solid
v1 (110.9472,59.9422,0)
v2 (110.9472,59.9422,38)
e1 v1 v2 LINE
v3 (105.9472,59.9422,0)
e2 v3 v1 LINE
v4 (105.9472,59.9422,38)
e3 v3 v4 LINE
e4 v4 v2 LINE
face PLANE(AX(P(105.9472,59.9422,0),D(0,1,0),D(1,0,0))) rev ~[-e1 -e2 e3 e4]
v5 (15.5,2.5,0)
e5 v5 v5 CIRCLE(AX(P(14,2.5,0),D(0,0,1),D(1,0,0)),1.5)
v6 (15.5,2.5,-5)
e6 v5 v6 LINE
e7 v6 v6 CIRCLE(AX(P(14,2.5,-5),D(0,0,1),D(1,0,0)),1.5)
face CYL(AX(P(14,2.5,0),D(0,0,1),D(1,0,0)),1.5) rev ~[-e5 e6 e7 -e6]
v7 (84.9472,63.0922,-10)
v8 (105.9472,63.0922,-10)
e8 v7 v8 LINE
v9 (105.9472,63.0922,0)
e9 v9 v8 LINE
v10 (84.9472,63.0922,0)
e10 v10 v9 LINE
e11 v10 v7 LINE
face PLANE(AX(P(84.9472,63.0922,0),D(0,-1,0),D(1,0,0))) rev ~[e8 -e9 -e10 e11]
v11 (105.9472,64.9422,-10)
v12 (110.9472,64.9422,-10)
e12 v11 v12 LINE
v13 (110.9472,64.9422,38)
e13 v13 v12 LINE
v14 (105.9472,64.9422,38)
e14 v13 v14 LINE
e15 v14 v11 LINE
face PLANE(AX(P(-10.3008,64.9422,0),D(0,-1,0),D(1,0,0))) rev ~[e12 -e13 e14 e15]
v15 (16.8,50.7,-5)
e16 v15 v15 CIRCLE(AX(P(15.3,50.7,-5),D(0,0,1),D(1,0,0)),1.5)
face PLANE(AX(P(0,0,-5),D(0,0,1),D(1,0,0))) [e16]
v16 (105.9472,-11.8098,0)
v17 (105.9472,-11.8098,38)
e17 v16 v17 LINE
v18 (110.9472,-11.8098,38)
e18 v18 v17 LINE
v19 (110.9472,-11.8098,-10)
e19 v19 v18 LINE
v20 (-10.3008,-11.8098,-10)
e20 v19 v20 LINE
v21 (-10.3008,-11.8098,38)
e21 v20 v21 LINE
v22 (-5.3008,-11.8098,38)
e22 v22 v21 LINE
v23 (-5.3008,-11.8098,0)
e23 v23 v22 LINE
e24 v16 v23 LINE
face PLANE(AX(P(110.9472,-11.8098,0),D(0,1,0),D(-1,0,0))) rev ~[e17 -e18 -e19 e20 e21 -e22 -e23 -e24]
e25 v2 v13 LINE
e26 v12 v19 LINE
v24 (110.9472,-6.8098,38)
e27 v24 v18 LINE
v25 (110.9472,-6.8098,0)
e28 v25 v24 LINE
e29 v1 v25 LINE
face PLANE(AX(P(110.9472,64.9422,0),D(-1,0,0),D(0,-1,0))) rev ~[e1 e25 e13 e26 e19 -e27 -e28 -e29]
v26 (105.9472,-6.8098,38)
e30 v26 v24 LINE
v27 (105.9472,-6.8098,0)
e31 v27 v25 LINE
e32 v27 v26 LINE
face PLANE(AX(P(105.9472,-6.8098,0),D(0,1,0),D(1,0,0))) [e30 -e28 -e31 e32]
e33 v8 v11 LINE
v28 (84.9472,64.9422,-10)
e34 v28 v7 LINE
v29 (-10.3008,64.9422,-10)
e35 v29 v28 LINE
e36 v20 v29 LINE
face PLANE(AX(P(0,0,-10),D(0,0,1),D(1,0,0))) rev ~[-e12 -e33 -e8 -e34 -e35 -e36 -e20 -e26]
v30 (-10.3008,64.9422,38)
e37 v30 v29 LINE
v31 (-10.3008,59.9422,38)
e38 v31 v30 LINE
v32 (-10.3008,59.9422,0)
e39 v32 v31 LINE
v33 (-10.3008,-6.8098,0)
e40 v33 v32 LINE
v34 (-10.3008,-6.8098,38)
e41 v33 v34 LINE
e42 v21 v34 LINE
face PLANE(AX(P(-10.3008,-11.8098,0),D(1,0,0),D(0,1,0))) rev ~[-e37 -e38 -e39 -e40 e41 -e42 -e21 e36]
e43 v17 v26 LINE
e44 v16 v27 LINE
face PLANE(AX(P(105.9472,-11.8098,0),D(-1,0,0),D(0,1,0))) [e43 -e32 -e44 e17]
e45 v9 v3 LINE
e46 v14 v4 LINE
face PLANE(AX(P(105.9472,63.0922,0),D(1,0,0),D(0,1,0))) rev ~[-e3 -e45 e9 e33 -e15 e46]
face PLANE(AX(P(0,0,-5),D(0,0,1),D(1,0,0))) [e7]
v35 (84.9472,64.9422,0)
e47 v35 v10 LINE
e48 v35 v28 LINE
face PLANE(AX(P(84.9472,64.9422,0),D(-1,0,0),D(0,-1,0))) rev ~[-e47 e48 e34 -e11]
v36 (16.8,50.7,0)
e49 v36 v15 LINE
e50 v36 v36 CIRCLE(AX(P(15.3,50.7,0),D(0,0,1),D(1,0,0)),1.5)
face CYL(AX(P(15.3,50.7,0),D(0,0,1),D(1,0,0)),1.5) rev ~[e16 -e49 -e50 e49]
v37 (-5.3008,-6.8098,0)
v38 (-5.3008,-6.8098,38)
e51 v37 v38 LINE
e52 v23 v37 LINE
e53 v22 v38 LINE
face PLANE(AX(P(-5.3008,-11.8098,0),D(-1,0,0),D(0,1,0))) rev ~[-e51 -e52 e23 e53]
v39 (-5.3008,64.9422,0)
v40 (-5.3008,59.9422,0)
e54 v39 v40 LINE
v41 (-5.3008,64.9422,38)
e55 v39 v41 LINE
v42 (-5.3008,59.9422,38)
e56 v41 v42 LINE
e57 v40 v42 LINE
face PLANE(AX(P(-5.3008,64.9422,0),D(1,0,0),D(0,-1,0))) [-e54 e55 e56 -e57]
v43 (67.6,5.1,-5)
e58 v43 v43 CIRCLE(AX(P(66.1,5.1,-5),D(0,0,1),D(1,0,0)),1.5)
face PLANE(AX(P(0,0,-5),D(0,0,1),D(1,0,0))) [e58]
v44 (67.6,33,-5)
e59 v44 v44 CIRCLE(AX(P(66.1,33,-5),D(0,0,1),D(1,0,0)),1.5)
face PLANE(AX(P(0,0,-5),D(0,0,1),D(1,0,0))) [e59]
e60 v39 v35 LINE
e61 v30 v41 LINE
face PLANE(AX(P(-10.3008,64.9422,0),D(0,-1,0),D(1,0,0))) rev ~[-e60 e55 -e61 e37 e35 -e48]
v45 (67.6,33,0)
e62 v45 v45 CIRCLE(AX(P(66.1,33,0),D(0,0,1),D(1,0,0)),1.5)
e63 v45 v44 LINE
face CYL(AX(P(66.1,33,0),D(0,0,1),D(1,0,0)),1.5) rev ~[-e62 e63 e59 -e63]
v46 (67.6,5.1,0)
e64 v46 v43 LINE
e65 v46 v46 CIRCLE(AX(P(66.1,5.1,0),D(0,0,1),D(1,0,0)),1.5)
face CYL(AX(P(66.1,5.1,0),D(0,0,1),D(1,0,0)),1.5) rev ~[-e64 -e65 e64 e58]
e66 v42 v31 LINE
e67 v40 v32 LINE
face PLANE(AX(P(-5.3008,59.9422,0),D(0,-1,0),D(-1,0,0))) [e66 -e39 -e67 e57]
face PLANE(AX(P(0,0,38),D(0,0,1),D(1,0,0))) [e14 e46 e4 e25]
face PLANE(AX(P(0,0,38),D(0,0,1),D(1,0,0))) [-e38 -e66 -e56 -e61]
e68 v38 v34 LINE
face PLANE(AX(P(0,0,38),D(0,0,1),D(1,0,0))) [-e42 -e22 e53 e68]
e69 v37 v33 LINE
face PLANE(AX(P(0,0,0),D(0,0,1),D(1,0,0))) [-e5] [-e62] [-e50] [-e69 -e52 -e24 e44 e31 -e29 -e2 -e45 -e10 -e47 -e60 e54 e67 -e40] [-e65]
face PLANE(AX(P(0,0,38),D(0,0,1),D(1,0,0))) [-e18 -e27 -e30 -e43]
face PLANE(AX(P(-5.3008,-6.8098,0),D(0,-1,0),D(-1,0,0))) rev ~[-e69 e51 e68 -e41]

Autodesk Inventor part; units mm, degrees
ref_plane "YZ Plane" through (0, 0, 0) normal (1, 0, 0) x (0, 1, 0)
ref_plane "XZ Plane" through (0, 0, 0) normal (0, 1, 0) x (-1, 0, 0)
ref_plane "XY Plane" through (0, 0, 0) normal (0, 0, 1) x (1, 0, 0)
sketch "Arduino Uno" plane through (0, 0, 0) normal (0, 0, 1) x (1, 0, 0)
  line L0 (0, 0) -> (68.6, 0)
  line L1 (68.6, 0) -> (68.6, 53.3)
  line L2 (68.6, 53.3) -> (0, 53.3)
  line L3 (0, 53.3) -> (0, 0)
  circle A0 centre (15.3, 50.7) radius 1.5
  circle A1 centre (14, 2.5) radius 1.5
  circle A2 centre (66.1, 5.1) radius 1.5
  line L4 (0, 53.3) -> (66.1, 53.3)
  circle A3 centre (66.1, 33) radius 1.5
  dimension "d6" = 68.6
  dimension "d7" = 53.3
  dimension "d34" = 3
  dimension "d36" = 3
  dimension "d38" = 2.5
  dimension "d39" = 3
  dimension "d40" = 14
  dimension "d41" = 1.3
  dimension "d42" = 66.1
  dimension "d43" = 3
  dimension "d44" = 5.1
  dimension "d45" = 27.9
  dimension "d50" = 2.6
  dimension "d51" = 2.5
  dimension "d52" = 2.5
sketch "Sketch2" plane through (0, 0, 0) normal (0, 0, 1) x (1, 0, 0)
  line L0 (-7.6751, -4.0855) -> (1.5398, -4.0855)
  line L1 (-10.3008, -11.8098) -> (-10.3008, 64.9422)
  line L2 (-10.3008, 64.9422) -> (110.9472, 64.9422)
  line L3 (110.9472, 64.9422) -> (110.9472, -11.8098)
  line L4 (110.9472, -11.8098) -> (-10.3008, -11.8098)
  circle A0 centre (15.3, 50.7) radius 1.5 projected
  point P0 (0, 0)
  dimension "d27" = 4.366
  dimension "d28" = 76.752
  dimension "d29" = 121.248
extrude "Back Plate" add sketch "Sketch2" against normal blind 10 contours L1 L2 L3 L4 | A0
extrude "Uno Mounting Holes" cut sketch "Arduino Uno" against normal blind 5 contours A0 | A1 | A2 | A3
sketch "Sketch3" plane through (0, 0, 0) normal (0, 0, 1) x (1, 0, 0)
  line L0 (110.9472, 64.9422) -> (105.9472, 64.9422)
  line L1 (105.9472, 64.9422) -> (105.9472, 59.9422)
  line L2 (105.9472, 59.9422) -> (110.9472, 59.9422)
  line L3 (110.9472, 59.9422) -> (110.9472, 64.9422)
  line L4 (110.9472, -11.8098) -> (-10.3008, -11.8098) projected
  line L5 (110.9472, -11.8098) -> (105.9472, -11.8098)
  line L6 (105.9472, -11.8098) -> (105.9472, -6.8098)
  line L7 (105.9472, -6.8098) -> (110.9472, -6.8098)
  line L8 (110.9472, -6.8098) -> (110.9472, -11.8098)
  line L9 (-10.3008, -11.8098) -> (-10.3008, 64.9422) projected
  line L10 (-10.3008, 64.9422) -> (-5.3008, 64.9422)
  line L11 (-5.3008, 64.9422) -> (-5.3008, 59.9422)
  line L12 (-5.3008, 59.9422) -> (-10.3008, 59.9422)
  line L13 (-10.3008, 59.9422) -> (-10.3008, 64.9422)
  line L14 (-10.3008, -11.8098) -> (-5.3008, -11.8098)
  line L15 (-5.3008, -11.8098) -> (-5.3008, -6.8098)
  line L16 (-5.3008, -6.8098) -> (-10.3008, -6.8098)
  line L17 (-10.3008, -6.8098) -> (-10.3008, -11.8098)
  point P0 (0, 0)
  dimension "d53" = 5
  dimension "d54" = 5
  dimension "d55" = 5
  dimension "d56" = 5
  dimension "d57" = 5
  dimension "d58" = 5
  dimension "d59" = 5
  dimension "d60" = 5
extrude "Frame Pillars" add sketch "Sketch3" along normal blind 38
sketch "Sketch4" plane through (0, 0, 0) normal (0, 0, 1) x (1, 0, 0)
  line L0 (-5.3008, 64.9422) -> (105.9472, 64.9422) projected
  line L1 (105.9472, 64.9422) -> (84.9472, 64.9422)
  line L2 (84.9472, 64.9422) -> (84.9472, 63.0922)
  line L3 (84.9472, 63.0922) -> (105.9472, 63.0922)
  line L4 (105.9472, 63.0922) -> (105.9472, 64.9422)
  point P0 (0, 0)
  dimension "d63" = 21
  dimension "d64" = 1.85
extrude "SD Channel" cut sketch "Sketch4" against normal through all
properties part number "Back Plate test02"
